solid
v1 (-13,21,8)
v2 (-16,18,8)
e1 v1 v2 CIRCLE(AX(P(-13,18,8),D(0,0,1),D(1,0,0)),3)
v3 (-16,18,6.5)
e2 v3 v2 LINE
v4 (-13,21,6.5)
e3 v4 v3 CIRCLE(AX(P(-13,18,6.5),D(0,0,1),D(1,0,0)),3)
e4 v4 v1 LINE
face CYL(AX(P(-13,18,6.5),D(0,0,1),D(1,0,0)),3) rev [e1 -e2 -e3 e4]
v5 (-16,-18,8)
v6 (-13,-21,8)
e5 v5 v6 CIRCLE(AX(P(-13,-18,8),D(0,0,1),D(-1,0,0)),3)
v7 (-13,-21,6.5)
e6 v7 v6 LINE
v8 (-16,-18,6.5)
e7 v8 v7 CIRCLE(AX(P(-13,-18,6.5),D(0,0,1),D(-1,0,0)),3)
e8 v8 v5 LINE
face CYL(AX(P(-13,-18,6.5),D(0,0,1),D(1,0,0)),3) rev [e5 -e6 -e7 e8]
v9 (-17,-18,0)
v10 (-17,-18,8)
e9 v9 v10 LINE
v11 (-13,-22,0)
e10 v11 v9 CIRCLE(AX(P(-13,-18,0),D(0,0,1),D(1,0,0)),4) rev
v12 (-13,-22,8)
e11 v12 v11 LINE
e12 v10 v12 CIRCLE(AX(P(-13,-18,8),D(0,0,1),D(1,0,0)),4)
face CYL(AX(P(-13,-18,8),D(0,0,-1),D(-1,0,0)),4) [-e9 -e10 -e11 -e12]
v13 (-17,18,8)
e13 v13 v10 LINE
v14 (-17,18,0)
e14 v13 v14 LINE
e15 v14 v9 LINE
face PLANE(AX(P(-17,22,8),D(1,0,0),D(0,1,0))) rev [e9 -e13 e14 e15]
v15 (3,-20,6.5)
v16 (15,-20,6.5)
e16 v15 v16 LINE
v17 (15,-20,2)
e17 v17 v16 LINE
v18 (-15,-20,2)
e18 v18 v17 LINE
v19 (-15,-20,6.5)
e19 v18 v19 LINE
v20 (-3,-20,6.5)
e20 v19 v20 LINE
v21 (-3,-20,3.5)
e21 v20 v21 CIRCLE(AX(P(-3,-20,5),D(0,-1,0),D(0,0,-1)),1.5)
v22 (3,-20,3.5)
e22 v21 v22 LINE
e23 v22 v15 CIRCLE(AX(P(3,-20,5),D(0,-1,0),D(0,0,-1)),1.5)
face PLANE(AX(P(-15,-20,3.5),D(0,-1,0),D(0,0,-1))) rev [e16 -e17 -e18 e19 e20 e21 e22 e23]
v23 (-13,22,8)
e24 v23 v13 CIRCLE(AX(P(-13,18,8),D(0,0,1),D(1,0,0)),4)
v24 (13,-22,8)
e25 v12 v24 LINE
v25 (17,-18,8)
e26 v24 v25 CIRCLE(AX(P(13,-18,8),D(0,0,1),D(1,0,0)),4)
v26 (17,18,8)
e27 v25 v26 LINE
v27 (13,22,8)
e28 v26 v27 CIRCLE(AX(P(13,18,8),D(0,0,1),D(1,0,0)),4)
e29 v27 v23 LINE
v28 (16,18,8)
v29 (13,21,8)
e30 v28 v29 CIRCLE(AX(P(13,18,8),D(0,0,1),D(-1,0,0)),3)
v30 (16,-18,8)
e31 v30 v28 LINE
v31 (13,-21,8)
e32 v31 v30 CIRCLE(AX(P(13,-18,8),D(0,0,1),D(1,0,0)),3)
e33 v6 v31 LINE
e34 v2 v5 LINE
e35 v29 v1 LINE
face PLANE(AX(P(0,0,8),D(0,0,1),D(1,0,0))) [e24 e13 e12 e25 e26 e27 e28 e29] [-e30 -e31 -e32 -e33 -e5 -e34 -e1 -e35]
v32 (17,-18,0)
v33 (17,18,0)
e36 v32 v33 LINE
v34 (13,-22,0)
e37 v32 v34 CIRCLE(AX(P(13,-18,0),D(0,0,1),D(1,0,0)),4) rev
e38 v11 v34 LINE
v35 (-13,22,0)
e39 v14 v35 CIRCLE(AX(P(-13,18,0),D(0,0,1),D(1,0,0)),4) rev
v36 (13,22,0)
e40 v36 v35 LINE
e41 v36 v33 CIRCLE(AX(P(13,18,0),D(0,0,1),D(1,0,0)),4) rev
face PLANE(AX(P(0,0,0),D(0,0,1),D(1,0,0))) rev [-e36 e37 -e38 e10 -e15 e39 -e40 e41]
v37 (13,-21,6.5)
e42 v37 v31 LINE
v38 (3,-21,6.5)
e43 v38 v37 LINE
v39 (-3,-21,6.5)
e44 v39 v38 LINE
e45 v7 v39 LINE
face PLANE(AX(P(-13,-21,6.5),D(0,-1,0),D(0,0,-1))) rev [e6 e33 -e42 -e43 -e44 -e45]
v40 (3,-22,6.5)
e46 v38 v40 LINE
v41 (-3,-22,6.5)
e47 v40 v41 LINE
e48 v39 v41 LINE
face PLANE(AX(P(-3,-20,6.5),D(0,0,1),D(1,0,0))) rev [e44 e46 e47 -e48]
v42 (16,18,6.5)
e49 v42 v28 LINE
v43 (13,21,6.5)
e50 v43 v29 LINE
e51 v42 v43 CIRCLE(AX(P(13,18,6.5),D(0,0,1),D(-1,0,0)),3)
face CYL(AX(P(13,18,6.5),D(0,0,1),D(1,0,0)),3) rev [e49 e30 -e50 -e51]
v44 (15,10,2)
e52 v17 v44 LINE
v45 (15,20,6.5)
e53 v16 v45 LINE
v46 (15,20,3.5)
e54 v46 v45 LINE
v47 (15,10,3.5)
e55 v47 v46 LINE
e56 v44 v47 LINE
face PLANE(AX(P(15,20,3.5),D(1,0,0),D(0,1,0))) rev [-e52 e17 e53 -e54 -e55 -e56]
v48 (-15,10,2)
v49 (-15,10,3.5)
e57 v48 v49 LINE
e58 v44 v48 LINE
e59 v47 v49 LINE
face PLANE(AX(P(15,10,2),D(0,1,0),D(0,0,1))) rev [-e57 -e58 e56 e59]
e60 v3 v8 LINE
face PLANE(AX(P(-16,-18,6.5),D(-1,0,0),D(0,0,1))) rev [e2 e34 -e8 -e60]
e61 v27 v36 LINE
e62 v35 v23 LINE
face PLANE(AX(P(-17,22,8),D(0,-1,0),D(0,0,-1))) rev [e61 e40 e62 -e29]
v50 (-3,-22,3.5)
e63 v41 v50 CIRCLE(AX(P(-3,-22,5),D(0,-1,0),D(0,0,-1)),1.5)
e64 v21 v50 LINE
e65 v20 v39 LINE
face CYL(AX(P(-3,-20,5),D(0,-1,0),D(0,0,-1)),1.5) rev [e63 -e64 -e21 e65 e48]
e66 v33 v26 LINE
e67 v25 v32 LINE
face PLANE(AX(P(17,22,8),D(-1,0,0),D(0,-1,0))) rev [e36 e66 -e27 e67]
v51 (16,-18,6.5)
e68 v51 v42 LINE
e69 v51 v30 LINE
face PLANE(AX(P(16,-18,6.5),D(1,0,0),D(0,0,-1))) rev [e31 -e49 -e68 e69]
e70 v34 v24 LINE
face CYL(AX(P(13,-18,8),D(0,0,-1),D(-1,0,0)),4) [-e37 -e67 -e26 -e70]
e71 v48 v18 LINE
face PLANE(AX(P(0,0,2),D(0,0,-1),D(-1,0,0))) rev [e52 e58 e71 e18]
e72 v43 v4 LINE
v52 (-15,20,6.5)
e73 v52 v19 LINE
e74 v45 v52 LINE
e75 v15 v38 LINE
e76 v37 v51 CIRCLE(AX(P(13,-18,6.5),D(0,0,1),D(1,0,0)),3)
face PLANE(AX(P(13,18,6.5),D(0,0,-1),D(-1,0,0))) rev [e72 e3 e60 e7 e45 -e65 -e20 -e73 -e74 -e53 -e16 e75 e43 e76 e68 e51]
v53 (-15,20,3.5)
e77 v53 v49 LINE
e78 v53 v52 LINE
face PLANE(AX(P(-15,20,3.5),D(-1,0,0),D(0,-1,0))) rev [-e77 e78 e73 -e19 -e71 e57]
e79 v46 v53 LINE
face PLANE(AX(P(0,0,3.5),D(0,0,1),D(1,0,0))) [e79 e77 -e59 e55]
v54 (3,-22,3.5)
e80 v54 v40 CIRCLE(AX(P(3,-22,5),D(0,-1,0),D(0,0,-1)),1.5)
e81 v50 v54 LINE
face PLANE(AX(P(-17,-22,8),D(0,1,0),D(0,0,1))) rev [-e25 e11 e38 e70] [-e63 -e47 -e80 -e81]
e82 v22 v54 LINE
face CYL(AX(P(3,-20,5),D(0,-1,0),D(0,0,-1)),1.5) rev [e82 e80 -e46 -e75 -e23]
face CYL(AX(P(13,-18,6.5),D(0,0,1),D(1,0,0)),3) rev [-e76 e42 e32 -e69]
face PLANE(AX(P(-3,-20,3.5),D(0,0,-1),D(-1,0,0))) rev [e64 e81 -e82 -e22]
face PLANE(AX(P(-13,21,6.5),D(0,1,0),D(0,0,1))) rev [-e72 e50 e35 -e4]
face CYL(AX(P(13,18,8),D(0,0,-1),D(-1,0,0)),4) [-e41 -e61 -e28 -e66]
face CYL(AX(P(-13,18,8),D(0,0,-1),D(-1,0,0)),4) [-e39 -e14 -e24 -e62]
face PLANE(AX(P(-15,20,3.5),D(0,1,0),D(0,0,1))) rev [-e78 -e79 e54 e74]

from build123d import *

# Parameters (mm, degrees)
SKETCH_1_W          = 34
SKETCH_1_H          = 44
EXTRUDE_1_DEPTH     = 8
SKETCH_2_W          = 30
SKETCH_2_H          = 40
CUT_EXTRUDE_1_DEPTH = 4.5
SKETCH_3_W          = 30
SKETCH_3_H          = 30
CUT_EXTRUDE_2_DEPTH = 1.5
FILLET_1_R          = 4
CUT_EXTRUDE_3_DEPTH = 2
CUT_EXTRUDE_4_DEPTH = 1.5


with BuildPart() as part:
    # Эскиз1 → Бобышка-Вытянуть1 (new body)
    with BuildSketch(Plane.XY):
        Rectangle(SKETCH_1_W, SKETCH_1_H)
    extrude(amount=EXTRUDE_1_DEPTH)

    # Эскиз2 → Вырез-Вытянуть1 (cut)
    with BuildSketch(Plane.XY.offset(8)):
        Rectangle(SKETCH_2_W, SKETCH_2_H)
    extrude(amount=-CUT_EXTRUDE_1_DEPTH, mode=Mode.SUBTRACT)

    # Эскиз3 → Вырез-Вытянуть2 (cut)
    with BuildSketch(Plane.XY.offset(3.5)):
        with Locations((0, -5)):
            Rectangle(SKETCH_3_W, SKETCH_3_H)
    extrude(amount=-CUT_EXTRUDE_2_DEPTH, mode=Mode.SUBTRACT)

    # Скругление1
    fillet_1_edges = [part.edges().sort_by_distance(p)[0] for p in [
        (17, -22, 4),
        (-17, -22, 4),
        (-17, 22, 4),
        (17, 22, 4),
    ]]
    fillet(fillet_1_edges, radius=FILLET_1_R)

    # Эскиз4 → Вырез-Вытянуть3 (cut)
    with BuildSketch(Plane.XZ.offset(22)):
        with BuildLine():
            Line((-3, 6.5), (3, 6.5))
            ThreePointArc((3, 6.5), (4.5, 5), (3, 3.5))
            Line((3, 3.5), (-3, 3.5))
            ThreePointArc((-3, 3.5), (-4.5, 5), (-3, 6.5))
        make_face()
    extrude(amount=-CUT_EXTRUDE_3_DEPTH, mode=Mode.SUBTRACT)

    # Эскиз5 → Вырез-Вытянуть4 (cut)
    with BuildSketch(Plane.XY.offset(8)):
        with BuildLine():
            Line((-13, -21), (13, -21))
            ThreePointArc((13, -21), (15.121320344, -20.121320344), (16, -18))
            Line((16, -18), (16, 18))
            ThreePointArc((16, 18), (15.121320344, 20.121320344), (13, 21))
            Line((13, 21), (-13, 21))
            ThreePointArc((-13, 21), (-15.121320344, 20.121320344), (-16, 18))
            Line((-16, 18), (-16, -18))
            ThreePointArc((-16, -18), (-15.121320344, -20.121320344), (-13, -21))
        make_face()
    extrude(amount=-CUT_EXTRUDE_4_DEPTH, mode=Mode.SUBTRACT)


solid = part.part
